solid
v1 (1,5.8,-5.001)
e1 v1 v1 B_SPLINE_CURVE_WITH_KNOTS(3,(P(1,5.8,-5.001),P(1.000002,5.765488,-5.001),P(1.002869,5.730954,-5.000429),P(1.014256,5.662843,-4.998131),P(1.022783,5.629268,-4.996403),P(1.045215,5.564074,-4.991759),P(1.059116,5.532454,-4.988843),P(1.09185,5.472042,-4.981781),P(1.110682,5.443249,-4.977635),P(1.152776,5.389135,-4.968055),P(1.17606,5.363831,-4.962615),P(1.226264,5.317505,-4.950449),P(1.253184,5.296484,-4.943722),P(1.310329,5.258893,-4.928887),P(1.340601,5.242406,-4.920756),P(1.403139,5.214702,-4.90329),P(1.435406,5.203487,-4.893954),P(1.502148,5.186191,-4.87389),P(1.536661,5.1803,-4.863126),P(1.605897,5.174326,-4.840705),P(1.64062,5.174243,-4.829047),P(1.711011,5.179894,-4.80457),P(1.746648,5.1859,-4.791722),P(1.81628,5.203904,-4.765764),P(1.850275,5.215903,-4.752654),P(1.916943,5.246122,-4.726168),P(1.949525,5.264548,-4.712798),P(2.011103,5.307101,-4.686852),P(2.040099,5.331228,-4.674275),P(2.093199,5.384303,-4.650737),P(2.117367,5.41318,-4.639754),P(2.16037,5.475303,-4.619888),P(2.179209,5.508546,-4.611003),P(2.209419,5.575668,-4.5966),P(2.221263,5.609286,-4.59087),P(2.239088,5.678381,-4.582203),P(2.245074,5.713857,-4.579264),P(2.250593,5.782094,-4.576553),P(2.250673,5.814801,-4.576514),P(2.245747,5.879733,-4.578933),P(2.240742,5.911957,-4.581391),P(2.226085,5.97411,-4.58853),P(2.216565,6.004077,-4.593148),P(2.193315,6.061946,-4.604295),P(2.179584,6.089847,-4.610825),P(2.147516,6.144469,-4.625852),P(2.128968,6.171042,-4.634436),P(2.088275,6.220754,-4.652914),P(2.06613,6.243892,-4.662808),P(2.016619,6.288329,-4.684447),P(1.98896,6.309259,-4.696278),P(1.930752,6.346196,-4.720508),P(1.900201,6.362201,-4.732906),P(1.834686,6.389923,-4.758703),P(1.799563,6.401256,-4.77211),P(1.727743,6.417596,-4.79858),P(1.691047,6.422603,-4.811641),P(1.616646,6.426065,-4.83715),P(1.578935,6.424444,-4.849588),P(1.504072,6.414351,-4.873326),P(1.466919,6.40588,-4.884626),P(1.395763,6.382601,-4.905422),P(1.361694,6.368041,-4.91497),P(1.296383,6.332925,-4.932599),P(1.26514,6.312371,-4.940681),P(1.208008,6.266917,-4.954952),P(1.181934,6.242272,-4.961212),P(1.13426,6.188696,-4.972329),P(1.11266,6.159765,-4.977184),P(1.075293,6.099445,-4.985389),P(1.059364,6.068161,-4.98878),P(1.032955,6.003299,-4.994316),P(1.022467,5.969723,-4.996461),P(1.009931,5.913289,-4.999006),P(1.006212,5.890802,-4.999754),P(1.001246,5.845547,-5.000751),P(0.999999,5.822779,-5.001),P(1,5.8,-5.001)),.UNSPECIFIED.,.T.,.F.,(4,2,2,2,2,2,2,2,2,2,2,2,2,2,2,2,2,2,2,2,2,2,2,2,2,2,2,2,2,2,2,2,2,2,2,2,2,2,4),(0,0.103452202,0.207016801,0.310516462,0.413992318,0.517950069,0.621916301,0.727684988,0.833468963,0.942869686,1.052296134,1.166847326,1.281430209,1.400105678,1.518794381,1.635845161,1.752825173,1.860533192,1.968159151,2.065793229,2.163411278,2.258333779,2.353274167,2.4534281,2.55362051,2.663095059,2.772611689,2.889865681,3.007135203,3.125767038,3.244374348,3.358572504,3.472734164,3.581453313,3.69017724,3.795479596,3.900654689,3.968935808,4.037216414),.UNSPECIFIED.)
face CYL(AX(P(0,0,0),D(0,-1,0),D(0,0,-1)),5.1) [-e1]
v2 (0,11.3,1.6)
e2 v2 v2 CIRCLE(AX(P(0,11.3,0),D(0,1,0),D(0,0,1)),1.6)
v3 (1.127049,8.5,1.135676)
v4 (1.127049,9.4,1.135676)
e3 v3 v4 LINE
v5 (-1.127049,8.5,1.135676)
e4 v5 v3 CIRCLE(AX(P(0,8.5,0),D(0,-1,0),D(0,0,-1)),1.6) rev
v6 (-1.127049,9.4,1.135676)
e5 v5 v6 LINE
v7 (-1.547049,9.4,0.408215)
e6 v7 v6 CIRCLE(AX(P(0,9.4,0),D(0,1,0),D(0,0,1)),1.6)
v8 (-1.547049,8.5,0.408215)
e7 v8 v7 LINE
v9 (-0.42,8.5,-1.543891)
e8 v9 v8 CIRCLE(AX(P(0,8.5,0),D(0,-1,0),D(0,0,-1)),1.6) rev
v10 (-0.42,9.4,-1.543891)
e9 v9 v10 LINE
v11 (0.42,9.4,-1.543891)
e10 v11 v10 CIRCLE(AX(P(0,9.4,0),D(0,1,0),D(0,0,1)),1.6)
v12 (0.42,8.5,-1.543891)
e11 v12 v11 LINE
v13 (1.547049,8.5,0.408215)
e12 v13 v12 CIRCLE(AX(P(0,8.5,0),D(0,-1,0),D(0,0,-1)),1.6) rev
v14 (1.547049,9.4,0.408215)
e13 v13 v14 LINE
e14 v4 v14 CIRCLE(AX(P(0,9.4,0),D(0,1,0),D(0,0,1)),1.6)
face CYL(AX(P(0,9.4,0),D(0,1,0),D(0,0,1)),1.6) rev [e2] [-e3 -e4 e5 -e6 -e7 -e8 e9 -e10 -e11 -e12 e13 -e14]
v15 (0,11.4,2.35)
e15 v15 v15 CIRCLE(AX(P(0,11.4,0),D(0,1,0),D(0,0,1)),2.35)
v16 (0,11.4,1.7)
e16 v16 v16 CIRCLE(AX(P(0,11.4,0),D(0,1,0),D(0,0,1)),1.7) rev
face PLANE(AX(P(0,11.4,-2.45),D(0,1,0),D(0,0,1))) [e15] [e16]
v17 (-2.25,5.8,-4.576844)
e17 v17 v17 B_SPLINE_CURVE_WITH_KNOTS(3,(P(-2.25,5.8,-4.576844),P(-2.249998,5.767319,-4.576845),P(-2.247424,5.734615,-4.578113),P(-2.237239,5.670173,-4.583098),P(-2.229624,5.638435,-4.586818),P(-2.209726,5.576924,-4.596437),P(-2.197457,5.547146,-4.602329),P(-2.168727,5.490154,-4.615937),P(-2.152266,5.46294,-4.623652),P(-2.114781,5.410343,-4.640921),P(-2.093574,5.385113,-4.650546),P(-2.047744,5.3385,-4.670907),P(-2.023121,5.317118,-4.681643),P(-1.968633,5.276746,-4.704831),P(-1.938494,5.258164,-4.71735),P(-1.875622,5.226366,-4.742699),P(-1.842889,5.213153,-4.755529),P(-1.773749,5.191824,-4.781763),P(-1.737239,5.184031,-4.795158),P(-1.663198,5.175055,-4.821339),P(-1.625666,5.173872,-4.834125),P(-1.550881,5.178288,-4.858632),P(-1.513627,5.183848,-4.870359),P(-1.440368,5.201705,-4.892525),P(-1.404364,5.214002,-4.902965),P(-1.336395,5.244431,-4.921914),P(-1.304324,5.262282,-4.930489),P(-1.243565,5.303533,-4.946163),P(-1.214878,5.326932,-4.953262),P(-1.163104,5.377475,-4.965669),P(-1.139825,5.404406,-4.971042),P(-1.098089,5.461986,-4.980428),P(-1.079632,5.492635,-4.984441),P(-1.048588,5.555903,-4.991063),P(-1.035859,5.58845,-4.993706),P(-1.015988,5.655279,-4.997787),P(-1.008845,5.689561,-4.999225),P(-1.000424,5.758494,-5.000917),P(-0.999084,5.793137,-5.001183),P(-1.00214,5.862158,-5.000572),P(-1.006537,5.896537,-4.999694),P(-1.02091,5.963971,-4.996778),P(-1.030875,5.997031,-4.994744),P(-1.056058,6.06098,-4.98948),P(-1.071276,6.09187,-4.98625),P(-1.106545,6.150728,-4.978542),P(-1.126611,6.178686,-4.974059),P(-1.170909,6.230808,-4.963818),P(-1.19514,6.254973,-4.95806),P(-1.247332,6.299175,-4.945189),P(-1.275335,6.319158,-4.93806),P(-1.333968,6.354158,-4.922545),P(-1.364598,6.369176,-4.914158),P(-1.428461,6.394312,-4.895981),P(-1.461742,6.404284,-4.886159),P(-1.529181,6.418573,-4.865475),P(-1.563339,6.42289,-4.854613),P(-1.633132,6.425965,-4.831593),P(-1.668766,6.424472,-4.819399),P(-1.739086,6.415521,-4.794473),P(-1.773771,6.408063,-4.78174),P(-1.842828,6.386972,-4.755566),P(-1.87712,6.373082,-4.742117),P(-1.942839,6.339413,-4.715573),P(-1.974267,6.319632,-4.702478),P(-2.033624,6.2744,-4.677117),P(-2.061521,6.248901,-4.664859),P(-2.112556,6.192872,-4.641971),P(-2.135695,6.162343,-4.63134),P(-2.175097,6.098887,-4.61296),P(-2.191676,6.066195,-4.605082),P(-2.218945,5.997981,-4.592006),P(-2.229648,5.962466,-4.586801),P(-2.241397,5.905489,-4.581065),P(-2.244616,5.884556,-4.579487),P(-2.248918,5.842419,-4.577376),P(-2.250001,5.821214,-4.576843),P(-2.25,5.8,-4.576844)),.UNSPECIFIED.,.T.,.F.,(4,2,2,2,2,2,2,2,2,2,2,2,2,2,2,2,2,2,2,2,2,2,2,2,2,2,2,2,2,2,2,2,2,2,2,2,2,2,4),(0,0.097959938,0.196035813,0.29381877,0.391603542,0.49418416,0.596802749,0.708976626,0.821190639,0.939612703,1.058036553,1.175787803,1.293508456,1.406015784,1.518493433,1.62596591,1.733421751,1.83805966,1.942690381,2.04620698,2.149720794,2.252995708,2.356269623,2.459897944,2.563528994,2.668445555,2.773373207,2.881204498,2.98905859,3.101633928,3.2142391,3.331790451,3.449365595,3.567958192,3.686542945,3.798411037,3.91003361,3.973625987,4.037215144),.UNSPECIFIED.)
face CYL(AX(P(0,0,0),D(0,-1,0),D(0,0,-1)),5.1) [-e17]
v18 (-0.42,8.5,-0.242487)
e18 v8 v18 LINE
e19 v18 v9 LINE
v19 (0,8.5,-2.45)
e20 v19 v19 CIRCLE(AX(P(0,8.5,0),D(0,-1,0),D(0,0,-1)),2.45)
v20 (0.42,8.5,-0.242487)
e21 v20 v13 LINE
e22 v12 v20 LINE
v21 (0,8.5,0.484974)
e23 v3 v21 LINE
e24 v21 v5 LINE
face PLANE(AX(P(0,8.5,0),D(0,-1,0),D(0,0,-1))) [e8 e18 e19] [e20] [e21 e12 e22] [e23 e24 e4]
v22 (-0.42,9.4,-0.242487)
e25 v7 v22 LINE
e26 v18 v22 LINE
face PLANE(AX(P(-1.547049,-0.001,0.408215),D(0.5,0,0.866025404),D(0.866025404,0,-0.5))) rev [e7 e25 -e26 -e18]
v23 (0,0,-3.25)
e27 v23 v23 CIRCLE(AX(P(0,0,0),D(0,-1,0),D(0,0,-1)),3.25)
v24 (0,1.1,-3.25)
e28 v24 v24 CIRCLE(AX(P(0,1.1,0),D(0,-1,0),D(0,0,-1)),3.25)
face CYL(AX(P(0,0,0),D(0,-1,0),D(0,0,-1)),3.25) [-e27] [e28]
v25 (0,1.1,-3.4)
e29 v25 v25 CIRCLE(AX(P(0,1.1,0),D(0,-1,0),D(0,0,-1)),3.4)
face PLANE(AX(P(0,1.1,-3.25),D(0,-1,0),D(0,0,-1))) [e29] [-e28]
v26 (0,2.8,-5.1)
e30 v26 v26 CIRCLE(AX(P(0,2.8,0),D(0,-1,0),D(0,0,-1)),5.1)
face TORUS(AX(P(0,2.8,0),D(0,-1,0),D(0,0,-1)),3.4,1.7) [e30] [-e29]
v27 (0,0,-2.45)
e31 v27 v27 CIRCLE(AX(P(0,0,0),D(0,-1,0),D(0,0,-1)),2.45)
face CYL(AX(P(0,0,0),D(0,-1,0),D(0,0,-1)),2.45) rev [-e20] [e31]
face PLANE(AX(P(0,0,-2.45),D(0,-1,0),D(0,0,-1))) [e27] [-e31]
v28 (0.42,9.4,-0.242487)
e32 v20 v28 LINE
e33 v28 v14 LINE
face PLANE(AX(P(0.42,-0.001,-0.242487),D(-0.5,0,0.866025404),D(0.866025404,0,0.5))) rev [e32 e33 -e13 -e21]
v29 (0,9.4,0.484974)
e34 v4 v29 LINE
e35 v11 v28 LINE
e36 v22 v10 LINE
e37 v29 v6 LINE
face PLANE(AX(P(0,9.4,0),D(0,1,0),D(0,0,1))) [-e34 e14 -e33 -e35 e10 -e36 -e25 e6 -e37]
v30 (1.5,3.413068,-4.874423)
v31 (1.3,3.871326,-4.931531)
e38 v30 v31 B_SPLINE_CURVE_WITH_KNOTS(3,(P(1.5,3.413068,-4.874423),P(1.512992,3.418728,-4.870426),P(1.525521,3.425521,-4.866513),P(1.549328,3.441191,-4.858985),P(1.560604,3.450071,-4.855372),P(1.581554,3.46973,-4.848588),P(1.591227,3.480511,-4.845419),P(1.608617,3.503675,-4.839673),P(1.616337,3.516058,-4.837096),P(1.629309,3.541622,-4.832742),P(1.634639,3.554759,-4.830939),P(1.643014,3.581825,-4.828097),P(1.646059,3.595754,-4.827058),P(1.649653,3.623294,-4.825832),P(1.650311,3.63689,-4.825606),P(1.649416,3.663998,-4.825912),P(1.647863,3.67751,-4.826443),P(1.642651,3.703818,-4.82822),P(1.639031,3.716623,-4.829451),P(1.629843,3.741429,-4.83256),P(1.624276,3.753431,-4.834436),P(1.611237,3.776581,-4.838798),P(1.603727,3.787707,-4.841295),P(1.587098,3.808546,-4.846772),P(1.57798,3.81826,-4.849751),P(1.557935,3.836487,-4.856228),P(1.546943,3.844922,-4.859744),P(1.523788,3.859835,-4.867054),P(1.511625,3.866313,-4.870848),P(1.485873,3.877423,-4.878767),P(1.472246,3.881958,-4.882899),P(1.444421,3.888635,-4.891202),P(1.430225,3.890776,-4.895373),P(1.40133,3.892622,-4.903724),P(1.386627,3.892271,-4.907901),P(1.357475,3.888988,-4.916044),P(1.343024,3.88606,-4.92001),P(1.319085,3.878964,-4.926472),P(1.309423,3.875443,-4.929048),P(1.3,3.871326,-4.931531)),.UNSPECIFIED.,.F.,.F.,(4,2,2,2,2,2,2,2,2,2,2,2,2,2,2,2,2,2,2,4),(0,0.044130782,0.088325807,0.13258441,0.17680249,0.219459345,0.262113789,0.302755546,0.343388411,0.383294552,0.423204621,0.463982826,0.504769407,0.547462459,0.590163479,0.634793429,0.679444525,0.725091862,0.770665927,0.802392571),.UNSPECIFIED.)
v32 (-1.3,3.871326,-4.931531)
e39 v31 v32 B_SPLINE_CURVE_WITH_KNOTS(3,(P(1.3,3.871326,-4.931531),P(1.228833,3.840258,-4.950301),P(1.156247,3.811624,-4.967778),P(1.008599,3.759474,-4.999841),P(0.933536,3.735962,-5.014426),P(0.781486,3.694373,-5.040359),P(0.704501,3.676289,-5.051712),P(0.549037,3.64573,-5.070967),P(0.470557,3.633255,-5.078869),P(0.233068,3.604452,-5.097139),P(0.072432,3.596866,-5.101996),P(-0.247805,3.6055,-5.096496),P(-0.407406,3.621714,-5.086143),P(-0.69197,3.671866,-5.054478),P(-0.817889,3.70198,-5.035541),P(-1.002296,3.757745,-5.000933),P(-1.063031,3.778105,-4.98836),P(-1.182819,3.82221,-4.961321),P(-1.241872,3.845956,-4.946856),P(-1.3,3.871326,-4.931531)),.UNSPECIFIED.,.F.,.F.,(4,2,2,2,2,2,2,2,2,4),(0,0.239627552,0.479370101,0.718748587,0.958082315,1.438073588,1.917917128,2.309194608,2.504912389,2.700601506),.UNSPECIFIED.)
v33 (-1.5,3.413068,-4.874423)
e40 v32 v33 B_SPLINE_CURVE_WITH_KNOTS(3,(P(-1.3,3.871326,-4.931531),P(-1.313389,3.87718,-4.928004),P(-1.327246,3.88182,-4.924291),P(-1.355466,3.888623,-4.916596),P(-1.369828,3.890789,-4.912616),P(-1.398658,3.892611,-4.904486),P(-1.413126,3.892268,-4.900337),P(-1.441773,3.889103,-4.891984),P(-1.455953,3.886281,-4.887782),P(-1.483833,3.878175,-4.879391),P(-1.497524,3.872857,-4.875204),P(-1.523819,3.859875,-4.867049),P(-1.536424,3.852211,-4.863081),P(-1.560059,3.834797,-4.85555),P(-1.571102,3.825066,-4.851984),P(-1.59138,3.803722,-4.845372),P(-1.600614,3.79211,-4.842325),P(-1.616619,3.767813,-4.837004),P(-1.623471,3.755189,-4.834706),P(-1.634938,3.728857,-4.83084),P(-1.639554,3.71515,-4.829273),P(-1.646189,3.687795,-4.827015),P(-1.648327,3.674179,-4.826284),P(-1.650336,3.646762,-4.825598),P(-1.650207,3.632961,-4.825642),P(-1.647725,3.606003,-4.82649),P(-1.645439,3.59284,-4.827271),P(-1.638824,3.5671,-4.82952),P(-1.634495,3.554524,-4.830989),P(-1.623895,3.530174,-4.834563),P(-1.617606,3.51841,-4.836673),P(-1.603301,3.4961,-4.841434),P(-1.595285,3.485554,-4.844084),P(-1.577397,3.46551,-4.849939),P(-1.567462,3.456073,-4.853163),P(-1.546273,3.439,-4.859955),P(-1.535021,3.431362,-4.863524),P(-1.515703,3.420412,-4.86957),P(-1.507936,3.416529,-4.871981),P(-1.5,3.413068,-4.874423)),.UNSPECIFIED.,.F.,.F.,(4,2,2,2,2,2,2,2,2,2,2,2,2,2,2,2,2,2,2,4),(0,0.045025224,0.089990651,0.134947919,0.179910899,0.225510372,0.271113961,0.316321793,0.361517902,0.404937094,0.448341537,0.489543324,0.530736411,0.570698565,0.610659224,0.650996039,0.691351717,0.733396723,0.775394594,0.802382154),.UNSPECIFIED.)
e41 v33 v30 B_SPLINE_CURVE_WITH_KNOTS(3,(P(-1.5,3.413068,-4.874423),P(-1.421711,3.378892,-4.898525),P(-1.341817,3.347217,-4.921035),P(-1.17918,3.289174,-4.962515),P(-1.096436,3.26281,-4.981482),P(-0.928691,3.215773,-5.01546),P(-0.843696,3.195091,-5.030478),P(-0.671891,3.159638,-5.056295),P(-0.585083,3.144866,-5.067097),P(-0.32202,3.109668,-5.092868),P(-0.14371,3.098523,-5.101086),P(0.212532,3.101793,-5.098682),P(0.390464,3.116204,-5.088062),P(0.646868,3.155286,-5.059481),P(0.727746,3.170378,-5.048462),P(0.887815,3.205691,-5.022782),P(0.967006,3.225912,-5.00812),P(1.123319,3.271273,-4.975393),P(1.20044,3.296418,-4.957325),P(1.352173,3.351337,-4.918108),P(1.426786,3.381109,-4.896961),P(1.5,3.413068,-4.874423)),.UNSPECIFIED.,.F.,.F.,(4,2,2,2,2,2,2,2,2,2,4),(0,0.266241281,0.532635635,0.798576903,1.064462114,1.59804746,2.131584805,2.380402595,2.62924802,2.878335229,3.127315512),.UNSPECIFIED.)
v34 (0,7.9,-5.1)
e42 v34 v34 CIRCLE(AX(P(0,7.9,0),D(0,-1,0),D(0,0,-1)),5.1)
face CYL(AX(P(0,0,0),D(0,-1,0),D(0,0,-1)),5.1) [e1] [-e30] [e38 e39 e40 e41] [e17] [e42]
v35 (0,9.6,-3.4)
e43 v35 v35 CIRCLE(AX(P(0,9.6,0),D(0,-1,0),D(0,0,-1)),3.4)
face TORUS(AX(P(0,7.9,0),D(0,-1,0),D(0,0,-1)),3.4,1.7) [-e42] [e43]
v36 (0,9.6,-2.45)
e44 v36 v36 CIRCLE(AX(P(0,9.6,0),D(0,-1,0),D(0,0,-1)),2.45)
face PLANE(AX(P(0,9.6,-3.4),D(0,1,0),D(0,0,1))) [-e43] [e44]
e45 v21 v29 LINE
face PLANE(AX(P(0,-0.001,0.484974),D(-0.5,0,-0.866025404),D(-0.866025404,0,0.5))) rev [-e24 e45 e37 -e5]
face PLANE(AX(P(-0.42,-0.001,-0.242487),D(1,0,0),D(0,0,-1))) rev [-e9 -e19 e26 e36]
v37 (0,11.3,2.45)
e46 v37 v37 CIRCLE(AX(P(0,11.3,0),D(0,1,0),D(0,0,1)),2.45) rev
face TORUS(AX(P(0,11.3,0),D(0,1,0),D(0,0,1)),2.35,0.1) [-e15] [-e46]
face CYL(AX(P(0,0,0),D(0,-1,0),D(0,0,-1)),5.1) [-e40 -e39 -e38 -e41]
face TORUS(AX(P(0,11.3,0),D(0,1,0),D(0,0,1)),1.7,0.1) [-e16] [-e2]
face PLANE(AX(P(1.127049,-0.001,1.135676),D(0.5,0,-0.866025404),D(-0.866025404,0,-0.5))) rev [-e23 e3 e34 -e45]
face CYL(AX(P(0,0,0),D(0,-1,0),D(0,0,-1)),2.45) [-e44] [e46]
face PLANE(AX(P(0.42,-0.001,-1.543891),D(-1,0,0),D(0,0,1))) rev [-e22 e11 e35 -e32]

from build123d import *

# Parameters (mm, degrees)
CROQUIS3_R            = 1.6
CORTAR_EXTRUIR1_DEPTH = 2
CORTAR_EXTRUIR2_DEPTH = 0.9
MATRIZC1_COUNT        = 3
REDONDEO1_R           = 0.1


with BuildPart() as part:
    # Croquis1 → Revolución1 (revolve)
    with BuildSketch(Plane(origin=(0, 0, 0), x_dir=(0, 0, -1), z_dir=(1, 0, 0))):
        with BuildLine():
            Line((2.45, 0), (3.25, 0))
            Line((3.25, 0), (3.25, 1.1))
            Line((3.25, 1.1), (3.4, 1.1))
            ThreePointArc((3.4, 1.1), (4.602082, 1.597918), (5.1, 2.8))
            Line((5.1, 2.8), (5.1, 7.9))
            ThreePointArc((5.1, 7.9), (4.602082, 9.102082), (3.4, 9.6))
            Line((3.4, 9.6), (2.45, 9.6))
            Line((2.45, 9.6), (2.45, 11.4))
            Line((2.45, 11.4), (0, 11.4))
            Line((0, 11.4), (0, 8.5))
            Line((0, 8.5), (2.45, 8.5))
            Line((2.45, 8.5), (2.45, 0))
        make_face()
    revolve(axis=Axis((0, 0, 0), (0, 1, 0)))

    # Croquis3 → Cortar-Extruir1 (cut)
    with BuildSketch(Plane(origin=(0, 11.4, 0), x_dir=(1, 0, 0), z_dir=(0, 1, 0))):
        Circle(CROQUIS3_R)
    extrude(amount=-CORTAR_EXTRUIR1_DEPTH, mode=Mode.SUBTRACT)

    # Croquis4 → Cortar-Extruir2 (cut)
    with BuildSketch(Plane(origin=(0, 9.4, 0), x_dir=(1, 0, 0), z_dir=(0, 1, 0))):
        with BuildLine():
            Line((-1.547049, -0.408215), (-0.42, 0.242487))
            Line((-0.42, 0.242487), (-0.42, 1.543891))
            ThreePointArc((-0.42, 1.543891), (-1.385641, 0.8), (-1.547049, -0.408215))
        make_face()
    cortar_extruir2 = extrude(amount=-CORTAR_EXTRUIR2_DEPTH, mode=Mode.SUBTRACT)

    # MatrizC1: Cortar-Extruir2 ×3 about axis
    matrizc1_axis = Axis((0, 0, 0), (0, 1, 0))
    for i in range(1, MATRIZC1_COUNT):
        add(cortar_extruir2.rotate(matrizc1_axis, i * 360 / MATRIZC1_COUNT), mode=Mode.SUBTRACT)

    # Redondeo1
    redondeo1_edges = [part.edges().sort_by_distance(p)[0] for p in [
        (-1.6, 11.4, 0),
        (0, 11.4, 2.45),
    ]]
    fillet(redondeo1_edges, radius=REDONDEO1_R)


solid = part.part
